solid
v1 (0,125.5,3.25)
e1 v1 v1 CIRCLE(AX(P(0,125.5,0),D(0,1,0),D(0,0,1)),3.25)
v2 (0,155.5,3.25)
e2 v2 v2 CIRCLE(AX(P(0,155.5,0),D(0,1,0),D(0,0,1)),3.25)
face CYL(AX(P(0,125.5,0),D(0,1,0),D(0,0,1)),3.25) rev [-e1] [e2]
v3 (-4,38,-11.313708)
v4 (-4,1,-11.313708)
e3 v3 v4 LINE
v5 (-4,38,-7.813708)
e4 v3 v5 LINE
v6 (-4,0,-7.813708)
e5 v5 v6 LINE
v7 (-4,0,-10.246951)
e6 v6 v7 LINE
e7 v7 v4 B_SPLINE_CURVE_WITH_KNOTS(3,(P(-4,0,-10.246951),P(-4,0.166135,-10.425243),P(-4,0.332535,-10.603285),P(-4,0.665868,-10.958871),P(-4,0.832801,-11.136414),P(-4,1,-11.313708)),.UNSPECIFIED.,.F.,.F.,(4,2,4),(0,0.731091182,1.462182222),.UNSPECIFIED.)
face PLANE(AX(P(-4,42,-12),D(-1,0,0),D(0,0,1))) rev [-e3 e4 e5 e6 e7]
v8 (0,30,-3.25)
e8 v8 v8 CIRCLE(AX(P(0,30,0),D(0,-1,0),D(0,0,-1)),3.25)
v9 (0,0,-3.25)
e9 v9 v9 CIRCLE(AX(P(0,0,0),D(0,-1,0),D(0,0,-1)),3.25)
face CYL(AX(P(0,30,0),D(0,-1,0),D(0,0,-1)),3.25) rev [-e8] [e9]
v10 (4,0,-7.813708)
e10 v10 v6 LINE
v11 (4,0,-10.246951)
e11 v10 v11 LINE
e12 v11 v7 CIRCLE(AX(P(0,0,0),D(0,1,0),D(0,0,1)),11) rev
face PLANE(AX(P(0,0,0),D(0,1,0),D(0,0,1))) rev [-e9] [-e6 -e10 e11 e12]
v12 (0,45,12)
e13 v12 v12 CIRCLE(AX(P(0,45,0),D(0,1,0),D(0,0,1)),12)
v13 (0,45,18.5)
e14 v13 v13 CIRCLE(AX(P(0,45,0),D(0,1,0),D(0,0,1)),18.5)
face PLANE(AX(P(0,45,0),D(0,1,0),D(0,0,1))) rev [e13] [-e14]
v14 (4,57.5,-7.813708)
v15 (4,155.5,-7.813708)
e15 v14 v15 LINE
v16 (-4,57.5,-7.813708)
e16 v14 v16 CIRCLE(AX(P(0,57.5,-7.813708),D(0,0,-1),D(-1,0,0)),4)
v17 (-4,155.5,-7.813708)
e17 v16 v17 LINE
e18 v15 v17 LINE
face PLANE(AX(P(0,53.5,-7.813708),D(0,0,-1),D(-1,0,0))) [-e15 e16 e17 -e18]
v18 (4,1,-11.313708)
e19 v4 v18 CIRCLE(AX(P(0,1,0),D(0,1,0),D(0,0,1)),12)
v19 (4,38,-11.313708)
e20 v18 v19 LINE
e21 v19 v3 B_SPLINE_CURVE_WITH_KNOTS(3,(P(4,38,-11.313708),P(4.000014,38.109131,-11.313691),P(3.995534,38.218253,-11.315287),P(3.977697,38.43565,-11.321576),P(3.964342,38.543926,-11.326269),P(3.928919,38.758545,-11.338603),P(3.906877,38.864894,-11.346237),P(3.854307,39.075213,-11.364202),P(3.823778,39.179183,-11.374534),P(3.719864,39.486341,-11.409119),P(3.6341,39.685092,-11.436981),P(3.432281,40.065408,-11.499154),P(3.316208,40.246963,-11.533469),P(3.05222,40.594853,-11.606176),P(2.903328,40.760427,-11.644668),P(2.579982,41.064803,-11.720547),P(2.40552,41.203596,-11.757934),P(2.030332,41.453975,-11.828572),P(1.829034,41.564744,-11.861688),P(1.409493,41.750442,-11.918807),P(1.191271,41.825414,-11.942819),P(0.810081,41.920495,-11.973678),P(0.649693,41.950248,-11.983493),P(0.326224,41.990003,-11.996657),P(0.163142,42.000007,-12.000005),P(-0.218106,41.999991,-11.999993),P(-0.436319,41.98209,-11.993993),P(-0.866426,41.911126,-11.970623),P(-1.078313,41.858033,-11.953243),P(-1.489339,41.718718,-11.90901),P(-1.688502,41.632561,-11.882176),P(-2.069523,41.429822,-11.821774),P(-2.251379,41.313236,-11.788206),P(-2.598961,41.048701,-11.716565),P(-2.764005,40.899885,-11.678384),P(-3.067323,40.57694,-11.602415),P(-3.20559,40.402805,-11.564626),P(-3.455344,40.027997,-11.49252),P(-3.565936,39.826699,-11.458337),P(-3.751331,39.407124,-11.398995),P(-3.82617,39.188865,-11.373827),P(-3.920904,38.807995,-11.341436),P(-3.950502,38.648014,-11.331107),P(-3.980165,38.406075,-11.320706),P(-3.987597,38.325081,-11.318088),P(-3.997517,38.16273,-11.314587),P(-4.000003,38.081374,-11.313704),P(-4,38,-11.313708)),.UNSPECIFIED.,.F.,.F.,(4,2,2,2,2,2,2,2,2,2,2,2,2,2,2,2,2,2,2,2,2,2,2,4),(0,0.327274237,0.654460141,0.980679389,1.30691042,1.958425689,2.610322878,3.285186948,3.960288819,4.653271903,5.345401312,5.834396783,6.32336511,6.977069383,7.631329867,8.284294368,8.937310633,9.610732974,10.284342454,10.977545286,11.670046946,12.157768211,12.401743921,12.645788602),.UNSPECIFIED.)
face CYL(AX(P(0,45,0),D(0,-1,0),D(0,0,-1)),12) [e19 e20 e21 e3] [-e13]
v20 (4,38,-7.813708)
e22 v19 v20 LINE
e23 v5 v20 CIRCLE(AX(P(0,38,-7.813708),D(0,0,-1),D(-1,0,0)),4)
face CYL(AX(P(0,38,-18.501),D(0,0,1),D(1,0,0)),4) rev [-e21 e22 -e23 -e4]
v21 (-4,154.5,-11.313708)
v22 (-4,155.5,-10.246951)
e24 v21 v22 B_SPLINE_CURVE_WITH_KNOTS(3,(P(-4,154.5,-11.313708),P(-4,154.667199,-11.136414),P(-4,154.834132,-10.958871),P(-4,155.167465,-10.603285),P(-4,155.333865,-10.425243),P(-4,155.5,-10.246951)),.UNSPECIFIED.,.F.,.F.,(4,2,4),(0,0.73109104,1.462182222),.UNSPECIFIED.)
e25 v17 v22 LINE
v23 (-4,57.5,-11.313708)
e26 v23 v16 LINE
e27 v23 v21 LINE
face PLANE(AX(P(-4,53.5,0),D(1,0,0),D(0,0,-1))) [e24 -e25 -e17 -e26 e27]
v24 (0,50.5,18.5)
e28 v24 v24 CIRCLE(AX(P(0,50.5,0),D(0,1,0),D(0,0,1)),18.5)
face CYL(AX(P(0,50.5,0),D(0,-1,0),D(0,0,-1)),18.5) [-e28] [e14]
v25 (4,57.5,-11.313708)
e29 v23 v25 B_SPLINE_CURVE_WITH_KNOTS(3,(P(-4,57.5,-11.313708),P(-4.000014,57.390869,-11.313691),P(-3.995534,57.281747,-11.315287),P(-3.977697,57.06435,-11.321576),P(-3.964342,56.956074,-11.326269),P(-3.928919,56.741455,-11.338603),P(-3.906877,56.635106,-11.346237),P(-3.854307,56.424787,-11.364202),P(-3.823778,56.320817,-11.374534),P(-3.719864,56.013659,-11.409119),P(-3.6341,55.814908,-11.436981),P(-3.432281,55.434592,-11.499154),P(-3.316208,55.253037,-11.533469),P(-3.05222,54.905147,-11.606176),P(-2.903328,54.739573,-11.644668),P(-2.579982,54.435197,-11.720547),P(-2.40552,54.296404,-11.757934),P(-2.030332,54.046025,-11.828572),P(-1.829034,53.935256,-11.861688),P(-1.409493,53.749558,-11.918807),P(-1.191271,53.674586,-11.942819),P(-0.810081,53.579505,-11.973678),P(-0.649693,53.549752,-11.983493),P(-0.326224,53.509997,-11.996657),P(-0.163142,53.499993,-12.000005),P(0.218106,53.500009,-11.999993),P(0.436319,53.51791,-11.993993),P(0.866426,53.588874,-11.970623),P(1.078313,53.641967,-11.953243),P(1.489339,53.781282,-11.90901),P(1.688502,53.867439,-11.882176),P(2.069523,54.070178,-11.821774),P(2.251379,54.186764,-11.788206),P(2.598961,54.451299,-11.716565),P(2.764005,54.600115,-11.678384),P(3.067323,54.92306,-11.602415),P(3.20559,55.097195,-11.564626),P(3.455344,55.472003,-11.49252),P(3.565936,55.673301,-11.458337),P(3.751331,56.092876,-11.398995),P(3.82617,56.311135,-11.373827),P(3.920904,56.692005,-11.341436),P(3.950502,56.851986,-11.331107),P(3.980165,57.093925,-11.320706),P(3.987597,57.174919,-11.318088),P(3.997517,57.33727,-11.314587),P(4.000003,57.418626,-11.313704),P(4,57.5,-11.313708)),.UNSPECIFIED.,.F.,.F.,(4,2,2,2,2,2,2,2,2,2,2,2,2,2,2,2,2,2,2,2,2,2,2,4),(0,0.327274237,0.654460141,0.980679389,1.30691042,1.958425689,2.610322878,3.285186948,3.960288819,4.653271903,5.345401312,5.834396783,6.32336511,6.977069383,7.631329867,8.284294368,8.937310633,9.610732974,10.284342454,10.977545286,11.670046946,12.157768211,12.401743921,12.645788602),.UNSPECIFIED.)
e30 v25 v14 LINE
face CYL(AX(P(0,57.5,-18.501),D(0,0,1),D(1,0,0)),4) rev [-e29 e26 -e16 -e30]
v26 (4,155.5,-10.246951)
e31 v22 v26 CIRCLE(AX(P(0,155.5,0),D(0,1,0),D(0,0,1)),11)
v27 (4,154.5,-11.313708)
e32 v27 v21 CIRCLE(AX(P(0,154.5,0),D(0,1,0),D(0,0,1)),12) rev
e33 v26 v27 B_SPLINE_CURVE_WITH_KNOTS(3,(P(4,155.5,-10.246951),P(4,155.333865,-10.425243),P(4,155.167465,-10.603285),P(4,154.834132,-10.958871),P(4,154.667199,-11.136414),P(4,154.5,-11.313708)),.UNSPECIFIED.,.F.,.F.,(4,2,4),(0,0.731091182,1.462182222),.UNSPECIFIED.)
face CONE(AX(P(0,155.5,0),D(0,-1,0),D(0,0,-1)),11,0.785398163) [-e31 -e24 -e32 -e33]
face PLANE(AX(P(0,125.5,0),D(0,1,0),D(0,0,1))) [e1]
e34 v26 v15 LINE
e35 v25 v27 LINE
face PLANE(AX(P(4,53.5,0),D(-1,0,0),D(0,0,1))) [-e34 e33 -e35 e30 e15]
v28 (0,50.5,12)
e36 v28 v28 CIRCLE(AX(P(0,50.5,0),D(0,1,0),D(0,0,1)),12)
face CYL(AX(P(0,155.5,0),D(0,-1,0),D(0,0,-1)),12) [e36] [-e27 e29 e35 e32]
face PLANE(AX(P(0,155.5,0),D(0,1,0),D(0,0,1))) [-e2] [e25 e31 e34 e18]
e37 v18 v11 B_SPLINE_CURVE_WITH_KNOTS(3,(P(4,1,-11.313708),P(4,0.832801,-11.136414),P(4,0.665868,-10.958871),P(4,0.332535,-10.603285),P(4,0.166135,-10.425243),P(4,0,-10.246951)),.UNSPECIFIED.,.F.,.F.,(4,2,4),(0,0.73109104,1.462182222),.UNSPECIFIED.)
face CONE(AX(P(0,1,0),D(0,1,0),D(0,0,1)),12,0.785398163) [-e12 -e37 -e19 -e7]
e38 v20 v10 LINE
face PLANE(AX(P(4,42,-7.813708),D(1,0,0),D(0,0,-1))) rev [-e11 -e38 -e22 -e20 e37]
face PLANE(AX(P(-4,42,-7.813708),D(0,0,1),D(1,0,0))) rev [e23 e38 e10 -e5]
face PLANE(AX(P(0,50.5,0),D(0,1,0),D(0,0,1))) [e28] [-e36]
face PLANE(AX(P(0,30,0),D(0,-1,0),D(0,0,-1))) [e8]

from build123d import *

# Parameters (mm, degrees)
SKETCH1_R                = 12
BOSS_EXTRUDE1_DEPTH      = 45
SKETCH2_R                = 18.5
BOSS_EXTRUDE2_DEPTH      = 5.5
SKETCH3_R                = 12
BOSS_EXTRUDE3_DEPTH      = 105
CUT_EXTRUDE1_DEPTH       = 42
BOSS_EXTRUDE4_REACH      = 160.792
BOSS_EXTRUDE4_END_RADIUS = 12
CUT_EXTRUDE2_START       = -102
CUT_EXTRUDE2_DEPTH       = 102
BOSS_EXTRUDE5_REACH      = 160.792
BOSS_EXTRUDE5_END_RADIUS = 12
SKETCH9_R                = 3.25
CUT_EXTRUDE3_DEPTH       = 30
CUT_EXTRUDE4_START       = -30
SKETCH10_R               = 3.25
CUT_EXTRUDE4_DEPTH       = 30
CHAMFER1_SIZE            = 1


with BuildPart() as part:
    # Sketch1 → Boss-Extrude1 (new body)
    with BuildSketch(Plane(origin=(0, 0, 0), x_dir=(1, 0, 0), z_dir=(0, 1, 0))):
        with Locations(Location((0, 0, 0), (0, 0, 90))):
            Circle(SKETCH1_R)
    extrude(amount=BOSS_EXTRUDE1_DEPTH)

    # Sketch2 → Boss-Extrude2 (add)
    with BuildSketch(Plane(origin=(0, 45, 0), x_dir=(1, 0, 0), z_dir=(0, 1, 0))):
        with Locations(Location((0, 0, 0), (0, 0, 270))):
            Circle(SKETCH2_R)
    extrude(amount=BOSS_EXTRUDE2_DEPTH)

    # Sketch3 → Boss-Extrude3 (add)
    with BuildSketch(Plane(origin=(0, 50.5, 0), x_dir=(1, 0, 0), z_dir=(0, 1, 0))):
        with Locations(Location((0, 0, 0), (0, 0, 90))):
            Circle(SKETCH3_R)
    extrude(amount=BOSS_EXTRUDE3_DEPTH)

    # Sketch4 → Cut-Extrude1 (cut)
    with BuildSketch(Plane.XZ):
        Polygon((-4, -12), (-4, -11.313708499), (-4, -7.813708499), (4, -7.813708499), (4, -12), align=None)
    extrude(amount=-CUT_EXTRUDE1_DEPTH, mode=Mode.SUBTRACT)

    # Boss-Extrude4: up to this cylinder (the profile starts inside it)
    boss_extrude4_end = Plane(origin=(0, 41.106528, 0), z_dir=(0, -1, 0)) * Cylinder(BOSS_EXTRUDE4_END_RADIUS, 346.584, mode=Mode.PRIVATE)
    # Sketch6 → Boss-Extrude4 (add, up to the surface)
    with BuildSketch(Plane(origin=(0, 0, -7.813708499), x_dir=(-1, 0, 0), z_dir=(0, 0, -1)), mode=Mode.PRIVATE) as boss_extrude4_sk1:
        with BuildLine():
            Line((-4, 42), (-4, 38))
            ThreePointArc((-4, 38), (-2.828427125, 40.828427125), (0, 42))
            Line((0, 42), (-4, 42))
        make_face()
    boss_extrude4_tool1 = extrude(boss_extrude4_sk1.sketch, amount=BOSS_EXTRUDE4_REACH, mode=Mode.PRIVATE) & boss_extrude4_end
    add(boss_extrude4_tool1.solids().sort_by_distance((3.106528, 41.106528, -7.813708))[0])
    # Sketch6 → Boss-Extrude4 (add, up to the surface)
    with BuildSketch(Plane(origin=(0, 0, -7.813708499), x_dir=(-1, 0, 0), z_dir=(0, 0, -1)), mode=Mode.PRIVATE) as boss_extrude4_sk2:
        with BuildLine():
            Line((4, 42), (0, 42))
            ThreePointArc((0, 42), (2.828427125, 40.828427125), (4, 38))
            Line((4, 38), (4, 42))
        make_face()
    boss_extrude4_tool2 = extrude(boss_extrude4_sk2.sketch, amount=BOSS_EXTRUDE4_REACH, mode=Mode.PRIVATE) & boss_extrude4_end
    add(boss_extrude4_tool2.solids().sort_by_distance((-3.106528, 41.106528, -7.813708))[0])

    # Sketch7 → Cut-Extrude2 (cut)
    with BuildSketch(Plane(origin=(0, 155.5, 0), x_dir=(1, 0, 0), z_dir=(0, 1, 0)).offset(CUT_EXTRUDE2_START)):
        with BuildLine():
            Line((4, 7.813708499), (4, 11.313708499))
            ThreePointArc((4, 11.313708499), (2.029223745, 11.827182716), (0, 12))
            ThreePointArc((0, 12), (-2.029223745, 11.827182716), (-4, 11.313708499))
            Line((-4, 11.313708499), (-4, 7.813708499))
            Line((-4, 7.813708499), (4, 7.813708499))
        make_face()
    extrude(amount=CUT_EXTRUDE2_DEPTH, mode=Mode.SUBTRACT)

    # Boss-Extrude5: up to this cylinder (the profile starts inside it)
    boss_extrude5_end = Plane(origin=(0, 54.393472, 0), z_dir=(0, -1, 0)) * Cylinder(BOSS_EXTRUDE5_END_RADIUS, 346.584, mode=Mode.PRIVATE)
    # Sketch8 → Boss-Extrude5 (add, up to the surface)
    with BuildSketch(Plane(origin=(0, 0, -7.813708499), x_dir=(-1, 0, 0), z_dir=(0, 0, -1)), mode=Mode.PRIVATE) as boss_extrude5_sk1:
        with BuildLine():
            Line((4, 53.5), (4, 57.5))
            ThreePointArc((4, 57.5), (2.828427125, 54.671572875), (0, 53.5))
            Line((0, 53.5), (4, 53.5))
        make_face()
    boss_extrude5_tool1 = extrude(boss_extrude5_sk1.sketch, amount=BOSS_EXTRUDE5_REACH, mode=Mode.PRIVATE) & boss_extrude5_end
    add(boss_extrude5_tool1.solids().sort_by_distance((-3.106528, 54.393472, -7.813708))[0])
    # Sketch8 → Boss-Extrude5 (add, up to the surface)
    with BuildSketch(Plane(origin=(0, 0, -7.813708499), x_dir=(-1, 0, 0), z_dir=(0, 0, -1)), mode=Mode.PRIVATE) as boss_extrude5_sk2:
        with BuildLine():
            Line((-4, 53.5), (0, 53.5))
            ThreePointArc((0, 53.5), (-2.828427125, 54.671572875), (-4, 57.5))
            Line((-4, 57.5), (-4, 53.5))
        make_face()
    boss_extrude5_tool2 = extrude(boss_extrude5_sk2.sketch, amount=BOSS_EXTRUDE5_REACH, mode=Mode.PRIVATE) & boss_extrude5_end
    add(boss_extrude5_tool2.solids().sort_by_distance((3.106528, 54.393472, -7.813708))[0])

    # Sketch9 → Cut-Extrude3 (cut)
    with BuildSketch(Plane.XZ):
        with Locations(Location((0, 0, 0), (0, 0, 270))):
            Circle(SKETCH9_R)
    extrude(amount=-CUT_EXTRUDE3_DEPTH, mode=Mode.SUBTRACT)

    # Sketch10 → Cut-Extrude4 (cut)
    with BuildSketch(Plane(origin=(0, 155.5, 0), x_dir=(1, 0, 0), z_dir=(0, 1, 0)).offset(CUT_EXTRUDE4_START)):
        with Locations(Location((0, 0, 0), (0, 0, 90))):
            Circle(SKETCH10_R)
    extrude(amount=CUT_EXTRUDE4_DEPTH, mode=Mode.SUBTRACT)

    # Chamfer1
    chamfer1_edges = [part.edges().sort_by_distance(p)[0] for p in [
        (0, 0, 12),
        (0, 155.5, 12),
    ]]
    chamfer(chamfer1_edges, length=CHAMFER1_SIZE)


solid = part.part
